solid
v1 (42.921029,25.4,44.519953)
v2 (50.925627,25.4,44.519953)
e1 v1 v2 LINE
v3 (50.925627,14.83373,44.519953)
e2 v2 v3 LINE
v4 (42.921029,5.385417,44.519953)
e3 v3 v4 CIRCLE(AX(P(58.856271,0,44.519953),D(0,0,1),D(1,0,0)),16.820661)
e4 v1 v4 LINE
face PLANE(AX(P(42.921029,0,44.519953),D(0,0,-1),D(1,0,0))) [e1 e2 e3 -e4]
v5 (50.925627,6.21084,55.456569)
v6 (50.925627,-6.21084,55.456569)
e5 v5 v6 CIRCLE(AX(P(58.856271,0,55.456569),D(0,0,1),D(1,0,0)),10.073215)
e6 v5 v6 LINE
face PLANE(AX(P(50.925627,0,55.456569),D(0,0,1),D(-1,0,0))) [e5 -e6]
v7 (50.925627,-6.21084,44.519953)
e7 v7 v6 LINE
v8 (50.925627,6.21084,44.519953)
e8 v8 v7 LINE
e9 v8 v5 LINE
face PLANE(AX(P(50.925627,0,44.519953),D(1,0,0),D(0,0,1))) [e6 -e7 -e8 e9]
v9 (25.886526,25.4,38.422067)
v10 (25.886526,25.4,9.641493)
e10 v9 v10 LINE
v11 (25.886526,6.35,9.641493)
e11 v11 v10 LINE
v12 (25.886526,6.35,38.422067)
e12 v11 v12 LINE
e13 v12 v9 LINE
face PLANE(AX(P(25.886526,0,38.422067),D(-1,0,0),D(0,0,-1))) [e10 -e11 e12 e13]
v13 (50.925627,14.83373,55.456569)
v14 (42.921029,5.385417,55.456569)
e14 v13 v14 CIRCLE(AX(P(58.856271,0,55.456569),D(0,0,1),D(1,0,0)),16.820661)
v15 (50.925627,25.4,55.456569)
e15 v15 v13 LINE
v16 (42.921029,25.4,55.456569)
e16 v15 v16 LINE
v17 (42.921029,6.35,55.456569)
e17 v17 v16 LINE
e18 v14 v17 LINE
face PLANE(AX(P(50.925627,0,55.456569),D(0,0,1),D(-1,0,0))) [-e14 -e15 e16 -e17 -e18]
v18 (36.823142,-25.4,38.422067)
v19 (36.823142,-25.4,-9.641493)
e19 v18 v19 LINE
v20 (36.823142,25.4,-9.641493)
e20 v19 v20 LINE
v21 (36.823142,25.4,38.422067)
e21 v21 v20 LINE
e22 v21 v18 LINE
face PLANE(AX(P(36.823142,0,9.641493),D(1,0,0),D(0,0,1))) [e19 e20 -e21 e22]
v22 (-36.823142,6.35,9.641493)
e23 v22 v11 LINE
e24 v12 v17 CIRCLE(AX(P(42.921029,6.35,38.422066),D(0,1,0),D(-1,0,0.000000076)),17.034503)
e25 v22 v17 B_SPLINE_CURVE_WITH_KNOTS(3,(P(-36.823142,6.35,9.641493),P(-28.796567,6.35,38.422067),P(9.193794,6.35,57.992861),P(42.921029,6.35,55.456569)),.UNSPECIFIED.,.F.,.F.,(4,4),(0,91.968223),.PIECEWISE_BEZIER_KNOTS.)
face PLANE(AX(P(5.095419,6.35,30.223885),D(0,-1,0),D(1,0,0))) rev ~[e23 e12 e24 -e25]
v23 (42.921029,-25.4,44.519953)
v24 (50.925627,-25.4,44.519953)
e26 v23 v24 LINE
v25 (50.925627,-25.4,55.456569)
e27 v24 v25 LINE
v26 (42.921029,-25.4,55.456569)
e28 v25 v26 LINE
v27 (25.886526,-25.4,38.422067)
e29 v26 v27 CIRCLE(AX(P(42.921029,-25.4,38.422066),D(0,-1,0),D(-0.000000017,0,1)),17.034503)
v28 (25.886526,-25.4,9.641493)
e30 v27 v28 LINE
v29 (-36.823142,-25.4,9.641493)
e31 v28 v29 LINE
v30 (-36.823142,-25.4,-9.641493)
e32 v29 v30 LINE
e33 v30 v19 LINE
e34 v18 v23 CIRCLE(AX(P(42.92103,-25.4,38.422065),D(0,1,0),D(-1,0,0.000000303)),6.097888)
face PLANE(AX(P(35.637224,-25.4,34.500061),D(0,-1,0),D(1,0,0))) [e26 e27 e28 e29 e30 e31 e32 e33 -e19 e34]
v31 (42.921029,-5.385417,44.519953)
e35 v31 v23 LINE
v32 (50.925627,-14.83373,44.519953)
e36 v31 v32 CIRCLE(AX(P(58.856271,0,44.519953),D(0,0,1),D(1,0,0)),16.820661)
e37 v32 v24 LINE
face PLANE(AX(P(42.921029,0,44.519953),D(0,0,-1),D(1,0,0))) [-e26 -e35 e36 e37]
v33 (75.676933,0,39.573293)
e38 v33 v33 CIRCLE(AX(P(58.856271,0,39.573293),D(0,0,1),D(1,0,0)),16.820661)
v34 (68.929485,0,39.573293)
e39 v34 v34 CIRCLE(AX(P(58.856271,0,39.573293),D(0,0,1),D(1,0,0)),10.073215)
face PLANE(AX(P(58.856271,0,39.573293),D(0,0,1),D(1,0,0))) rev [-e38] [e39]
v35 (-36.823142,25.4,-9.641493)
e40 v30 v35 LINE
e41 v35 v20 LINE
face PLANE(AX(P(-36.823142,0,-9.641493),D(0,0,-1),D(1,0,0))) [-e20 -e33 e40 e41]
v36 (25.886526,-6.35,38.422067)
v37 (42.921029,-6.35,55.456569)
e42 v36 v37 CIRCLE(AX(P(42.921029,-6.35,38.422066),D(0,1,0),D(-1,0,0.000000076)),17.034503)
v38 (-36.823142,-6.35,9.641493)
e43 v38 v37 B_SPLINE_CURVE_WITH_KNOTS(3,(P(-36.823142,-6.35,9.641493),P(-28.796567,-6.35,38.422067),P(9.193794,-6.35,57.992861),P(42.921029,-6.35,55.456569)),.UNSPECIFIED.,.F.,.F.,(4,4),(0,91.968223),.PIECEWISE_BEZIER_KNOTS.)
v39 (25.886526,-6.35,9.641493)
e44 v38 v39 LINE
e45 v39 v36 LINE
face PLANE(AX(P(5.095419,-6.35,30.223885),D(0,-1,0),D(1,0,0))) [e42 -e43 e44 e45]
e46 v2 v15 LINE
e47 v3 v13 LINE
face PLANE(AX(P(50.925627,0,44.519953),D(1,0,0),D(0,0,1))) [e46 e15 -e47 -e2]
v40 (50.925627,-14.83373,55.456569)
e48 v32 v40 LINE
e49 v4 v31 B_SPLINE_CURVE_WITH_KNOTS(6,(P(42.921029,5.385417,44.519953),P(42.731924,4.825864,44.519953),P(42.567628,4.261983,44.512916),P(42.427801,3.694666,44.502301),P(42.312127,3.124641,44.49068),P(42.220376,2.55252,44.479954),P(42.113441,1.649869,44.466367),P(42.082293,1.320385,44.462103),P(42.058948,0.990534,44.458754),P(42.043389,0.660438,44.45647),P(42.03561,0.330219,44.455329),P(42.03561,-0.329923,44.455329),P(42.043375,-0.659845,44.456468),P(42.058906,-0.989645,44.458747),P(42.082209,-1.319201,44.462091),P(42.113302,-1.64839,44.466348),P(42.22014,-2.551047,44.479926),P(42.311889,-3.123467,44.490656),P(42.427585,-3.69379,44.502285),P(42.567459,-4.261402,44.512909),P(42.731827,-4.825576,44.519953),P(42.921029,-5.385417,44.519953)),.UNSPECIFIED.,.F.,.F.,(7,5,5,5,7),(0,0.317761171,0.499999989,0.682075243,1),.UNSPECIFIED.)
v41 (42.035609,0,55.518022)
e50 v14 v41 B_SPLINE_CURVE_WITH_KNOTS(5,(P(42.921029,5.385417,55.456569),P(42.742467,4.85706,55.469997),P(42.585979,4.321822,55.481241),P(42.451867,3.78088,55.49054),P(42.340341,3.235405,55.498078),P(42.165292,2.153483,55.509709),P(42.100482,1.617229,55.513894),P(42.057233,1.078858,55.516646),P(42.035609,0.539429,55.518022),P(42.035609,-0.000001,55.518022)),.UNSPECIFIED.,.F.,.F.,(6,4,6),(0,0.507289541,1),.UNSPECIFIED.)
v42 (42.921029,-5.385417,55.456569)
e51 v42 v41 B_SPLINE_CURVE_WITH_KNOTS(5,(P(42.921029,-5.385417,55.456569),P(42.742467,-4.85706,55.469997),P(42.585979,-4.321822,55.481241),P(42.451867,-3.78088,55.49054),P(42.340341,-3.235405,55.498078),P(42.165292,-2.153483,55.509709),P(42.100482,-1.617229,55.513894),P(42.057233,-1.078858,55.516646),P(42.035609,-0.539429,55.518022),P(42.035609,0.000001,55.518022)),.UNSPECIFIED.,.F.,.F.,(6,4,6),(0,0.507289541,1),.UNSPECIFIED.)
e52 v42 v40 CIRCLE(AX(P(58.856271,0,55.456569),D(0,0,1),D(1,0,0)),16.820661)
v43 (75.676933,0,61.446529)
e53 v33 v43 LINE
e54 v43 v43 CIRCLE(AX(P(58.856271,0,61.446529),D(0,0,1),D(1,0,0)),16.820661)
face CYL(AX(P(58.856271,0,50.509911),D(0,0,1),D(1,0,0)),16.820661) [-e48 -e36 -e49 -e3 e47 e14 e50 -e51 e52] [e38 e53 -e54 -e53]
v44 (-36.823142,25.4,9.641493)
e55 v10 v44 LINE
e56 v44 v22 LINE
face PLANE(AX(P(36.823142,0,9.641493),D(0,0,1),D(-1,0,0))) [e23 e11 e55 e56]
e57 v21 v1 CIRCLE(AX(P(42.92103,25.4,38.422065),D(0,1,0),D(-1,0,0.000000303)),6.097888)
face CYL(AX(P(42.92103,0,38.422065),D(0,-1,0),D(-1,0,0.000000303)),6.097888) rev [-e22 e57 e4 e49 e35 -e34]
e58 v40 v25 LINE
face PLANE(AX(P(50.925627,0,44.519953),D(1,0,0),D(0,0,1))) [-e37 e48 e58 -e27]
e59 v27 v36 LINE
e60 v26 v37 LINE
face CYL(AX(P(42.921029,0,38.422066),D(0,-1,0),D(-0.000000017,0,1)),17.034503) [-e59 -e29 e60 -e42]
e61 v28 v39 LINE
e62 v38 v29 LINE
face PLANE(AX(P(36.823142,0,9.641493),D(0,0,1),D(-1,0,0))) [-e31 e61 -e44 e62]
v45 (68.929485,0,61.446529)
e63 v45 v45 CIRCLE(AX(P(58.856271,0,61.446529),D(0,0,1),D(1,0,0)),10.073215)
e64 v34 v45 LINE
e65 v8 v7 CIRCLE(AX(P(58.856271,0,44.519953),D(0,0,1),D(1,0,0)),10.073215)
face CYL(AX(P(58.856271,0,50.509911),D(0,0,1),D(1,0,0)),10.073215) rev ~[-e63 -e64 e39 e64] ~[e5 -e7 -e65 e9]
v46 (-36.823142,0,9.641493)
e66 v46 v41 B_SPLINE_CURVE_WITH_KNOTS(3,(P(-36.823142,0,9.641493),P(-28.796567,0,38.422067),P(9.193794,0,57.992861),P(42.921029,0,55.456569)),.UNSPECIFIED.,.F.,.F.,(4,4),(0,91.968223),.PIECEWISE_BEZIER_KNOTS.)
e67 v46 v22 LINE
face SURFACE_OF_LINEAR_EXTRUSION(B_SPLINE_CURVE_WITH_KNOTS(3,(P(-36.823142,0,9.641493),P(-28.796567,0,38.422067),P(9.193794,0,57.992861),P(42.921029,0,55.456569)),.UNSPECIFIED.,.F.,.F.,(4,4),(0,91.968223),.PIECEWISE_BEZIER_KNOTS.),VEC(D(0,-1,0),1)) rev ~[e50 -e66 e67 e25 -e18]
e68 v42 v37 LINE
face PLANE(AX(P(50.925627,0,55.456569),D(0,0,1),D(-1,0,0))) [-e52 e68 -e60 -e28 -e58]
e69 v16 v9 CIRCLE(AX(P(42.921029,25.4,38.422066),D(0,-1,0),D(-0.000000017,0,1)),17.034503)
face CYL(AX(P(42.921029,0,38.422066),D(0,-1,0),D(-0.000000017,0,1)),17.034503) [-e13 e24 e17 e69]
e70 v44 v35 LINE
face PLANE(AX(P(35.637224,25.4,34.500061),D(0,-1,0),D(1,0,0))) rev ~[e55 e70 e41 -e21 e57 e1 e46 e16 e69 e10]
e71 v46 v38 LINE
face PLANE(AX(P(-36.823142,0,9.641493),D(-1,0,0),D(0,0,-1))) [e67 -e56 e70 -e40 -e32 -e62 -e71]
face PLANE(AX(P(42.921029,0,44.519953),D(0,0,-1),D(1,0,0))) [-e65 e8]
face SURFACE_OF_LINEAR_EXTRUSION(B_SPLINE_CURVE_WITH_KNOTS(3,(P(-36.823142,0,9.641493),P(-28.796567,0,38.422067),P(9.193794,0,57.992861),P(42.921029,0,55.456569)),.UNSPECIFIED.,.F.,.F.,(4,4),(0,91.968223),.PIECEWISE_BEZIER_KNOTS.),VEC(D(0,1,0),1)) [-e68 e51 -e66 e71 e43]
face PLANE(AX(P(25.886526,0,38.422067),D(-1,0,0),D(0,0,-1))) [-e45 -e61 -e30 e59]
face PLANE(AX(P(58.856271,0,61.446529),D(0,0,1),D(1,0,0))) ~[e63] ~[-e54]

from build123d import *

# Parameters (mm, degrees)
F1_DEPTH = 25.4
F2_DEPTH = 6.35
F3_DEPTH = 25.4
F0_W     = 6.747447
F0_H     = 21.873236


with BuildPart() as f1:
    # F0 (on Front) → F1 (new body, symmetric)
    with BuildSketch(Plane.XZ):
        Polygon((36.823142, -9.641493), (36.823142, 9.641493), (25.886526, 9.641493), (-36.823142, 9.641493), (-36.823142, -9.641493), align=None)
    extrude(amount=F1_DEPTH, both=True)

    # F0 (on Front) → F2 (join, symmetric)
    with BuildSketch(Plane.XZ):
        with BuildLine():
            Line((-36.823142, 9.641493), (25.886526, 9.641493))
            Line((25.886526, 9.641493), (25.886526, 38.422067))
            ThreePointArc((25.886526, 38.422067), (30.875817, 50.467279), (42.921029, 55.456569))
            add(Edge.make_bspline(
                [(-36.823142, 9.641493), (-28.796567, 38.422067), (9.193794, 57.992861), (42.921029, 55.456569)],
                knots=[0, 0, 0, 0, 91.968223, 91.968223, 91.968223, 91.968223], degree=3))
        make_face()
    extrude(amount=F2_DEPTH, both=True)

    # F0 (on Front) → F3 (join, symmetric)
    with BuildSketch(Plane.XZ):
        with BuildLine():
            Line((25.886526, 9.641493), (36.823142, 9.641493))
            Line((36.823142, 9.641493), (36.823142, 38.422067))
            ThreePointArc((36.823142, 38.422067), (38.609172, 42.733923), (42.921029, 44.519953))
            Line((42.921029, 44.519953), (50.925627, 44.519953))
            Line((50.925627, 44.519953), (50.925627, 55.456569))
            Line((50.925627, 55.456569), (42.921029, 55.456569))
            ThreePointArc((42.921029, 55.456569), (30.875817, 50.467279), (25.886526, 38.422067))
            Line((25.886526, 38.422067), (25.886526, 9.641493))
        make_face()
    extrude(amount=F3_DEPTH, both=True)

    # F0 (on Front) → F4 (revolve)
    with BuildSketch(Plane.XZ):
        with Locations((72.303209, 50.509911)):
            Rectangle(F0_W, F0_H)
    revolve(axis=Axis((58.856271, 0, 50.509911), (0, 0, 1)))


solid = f1.part
